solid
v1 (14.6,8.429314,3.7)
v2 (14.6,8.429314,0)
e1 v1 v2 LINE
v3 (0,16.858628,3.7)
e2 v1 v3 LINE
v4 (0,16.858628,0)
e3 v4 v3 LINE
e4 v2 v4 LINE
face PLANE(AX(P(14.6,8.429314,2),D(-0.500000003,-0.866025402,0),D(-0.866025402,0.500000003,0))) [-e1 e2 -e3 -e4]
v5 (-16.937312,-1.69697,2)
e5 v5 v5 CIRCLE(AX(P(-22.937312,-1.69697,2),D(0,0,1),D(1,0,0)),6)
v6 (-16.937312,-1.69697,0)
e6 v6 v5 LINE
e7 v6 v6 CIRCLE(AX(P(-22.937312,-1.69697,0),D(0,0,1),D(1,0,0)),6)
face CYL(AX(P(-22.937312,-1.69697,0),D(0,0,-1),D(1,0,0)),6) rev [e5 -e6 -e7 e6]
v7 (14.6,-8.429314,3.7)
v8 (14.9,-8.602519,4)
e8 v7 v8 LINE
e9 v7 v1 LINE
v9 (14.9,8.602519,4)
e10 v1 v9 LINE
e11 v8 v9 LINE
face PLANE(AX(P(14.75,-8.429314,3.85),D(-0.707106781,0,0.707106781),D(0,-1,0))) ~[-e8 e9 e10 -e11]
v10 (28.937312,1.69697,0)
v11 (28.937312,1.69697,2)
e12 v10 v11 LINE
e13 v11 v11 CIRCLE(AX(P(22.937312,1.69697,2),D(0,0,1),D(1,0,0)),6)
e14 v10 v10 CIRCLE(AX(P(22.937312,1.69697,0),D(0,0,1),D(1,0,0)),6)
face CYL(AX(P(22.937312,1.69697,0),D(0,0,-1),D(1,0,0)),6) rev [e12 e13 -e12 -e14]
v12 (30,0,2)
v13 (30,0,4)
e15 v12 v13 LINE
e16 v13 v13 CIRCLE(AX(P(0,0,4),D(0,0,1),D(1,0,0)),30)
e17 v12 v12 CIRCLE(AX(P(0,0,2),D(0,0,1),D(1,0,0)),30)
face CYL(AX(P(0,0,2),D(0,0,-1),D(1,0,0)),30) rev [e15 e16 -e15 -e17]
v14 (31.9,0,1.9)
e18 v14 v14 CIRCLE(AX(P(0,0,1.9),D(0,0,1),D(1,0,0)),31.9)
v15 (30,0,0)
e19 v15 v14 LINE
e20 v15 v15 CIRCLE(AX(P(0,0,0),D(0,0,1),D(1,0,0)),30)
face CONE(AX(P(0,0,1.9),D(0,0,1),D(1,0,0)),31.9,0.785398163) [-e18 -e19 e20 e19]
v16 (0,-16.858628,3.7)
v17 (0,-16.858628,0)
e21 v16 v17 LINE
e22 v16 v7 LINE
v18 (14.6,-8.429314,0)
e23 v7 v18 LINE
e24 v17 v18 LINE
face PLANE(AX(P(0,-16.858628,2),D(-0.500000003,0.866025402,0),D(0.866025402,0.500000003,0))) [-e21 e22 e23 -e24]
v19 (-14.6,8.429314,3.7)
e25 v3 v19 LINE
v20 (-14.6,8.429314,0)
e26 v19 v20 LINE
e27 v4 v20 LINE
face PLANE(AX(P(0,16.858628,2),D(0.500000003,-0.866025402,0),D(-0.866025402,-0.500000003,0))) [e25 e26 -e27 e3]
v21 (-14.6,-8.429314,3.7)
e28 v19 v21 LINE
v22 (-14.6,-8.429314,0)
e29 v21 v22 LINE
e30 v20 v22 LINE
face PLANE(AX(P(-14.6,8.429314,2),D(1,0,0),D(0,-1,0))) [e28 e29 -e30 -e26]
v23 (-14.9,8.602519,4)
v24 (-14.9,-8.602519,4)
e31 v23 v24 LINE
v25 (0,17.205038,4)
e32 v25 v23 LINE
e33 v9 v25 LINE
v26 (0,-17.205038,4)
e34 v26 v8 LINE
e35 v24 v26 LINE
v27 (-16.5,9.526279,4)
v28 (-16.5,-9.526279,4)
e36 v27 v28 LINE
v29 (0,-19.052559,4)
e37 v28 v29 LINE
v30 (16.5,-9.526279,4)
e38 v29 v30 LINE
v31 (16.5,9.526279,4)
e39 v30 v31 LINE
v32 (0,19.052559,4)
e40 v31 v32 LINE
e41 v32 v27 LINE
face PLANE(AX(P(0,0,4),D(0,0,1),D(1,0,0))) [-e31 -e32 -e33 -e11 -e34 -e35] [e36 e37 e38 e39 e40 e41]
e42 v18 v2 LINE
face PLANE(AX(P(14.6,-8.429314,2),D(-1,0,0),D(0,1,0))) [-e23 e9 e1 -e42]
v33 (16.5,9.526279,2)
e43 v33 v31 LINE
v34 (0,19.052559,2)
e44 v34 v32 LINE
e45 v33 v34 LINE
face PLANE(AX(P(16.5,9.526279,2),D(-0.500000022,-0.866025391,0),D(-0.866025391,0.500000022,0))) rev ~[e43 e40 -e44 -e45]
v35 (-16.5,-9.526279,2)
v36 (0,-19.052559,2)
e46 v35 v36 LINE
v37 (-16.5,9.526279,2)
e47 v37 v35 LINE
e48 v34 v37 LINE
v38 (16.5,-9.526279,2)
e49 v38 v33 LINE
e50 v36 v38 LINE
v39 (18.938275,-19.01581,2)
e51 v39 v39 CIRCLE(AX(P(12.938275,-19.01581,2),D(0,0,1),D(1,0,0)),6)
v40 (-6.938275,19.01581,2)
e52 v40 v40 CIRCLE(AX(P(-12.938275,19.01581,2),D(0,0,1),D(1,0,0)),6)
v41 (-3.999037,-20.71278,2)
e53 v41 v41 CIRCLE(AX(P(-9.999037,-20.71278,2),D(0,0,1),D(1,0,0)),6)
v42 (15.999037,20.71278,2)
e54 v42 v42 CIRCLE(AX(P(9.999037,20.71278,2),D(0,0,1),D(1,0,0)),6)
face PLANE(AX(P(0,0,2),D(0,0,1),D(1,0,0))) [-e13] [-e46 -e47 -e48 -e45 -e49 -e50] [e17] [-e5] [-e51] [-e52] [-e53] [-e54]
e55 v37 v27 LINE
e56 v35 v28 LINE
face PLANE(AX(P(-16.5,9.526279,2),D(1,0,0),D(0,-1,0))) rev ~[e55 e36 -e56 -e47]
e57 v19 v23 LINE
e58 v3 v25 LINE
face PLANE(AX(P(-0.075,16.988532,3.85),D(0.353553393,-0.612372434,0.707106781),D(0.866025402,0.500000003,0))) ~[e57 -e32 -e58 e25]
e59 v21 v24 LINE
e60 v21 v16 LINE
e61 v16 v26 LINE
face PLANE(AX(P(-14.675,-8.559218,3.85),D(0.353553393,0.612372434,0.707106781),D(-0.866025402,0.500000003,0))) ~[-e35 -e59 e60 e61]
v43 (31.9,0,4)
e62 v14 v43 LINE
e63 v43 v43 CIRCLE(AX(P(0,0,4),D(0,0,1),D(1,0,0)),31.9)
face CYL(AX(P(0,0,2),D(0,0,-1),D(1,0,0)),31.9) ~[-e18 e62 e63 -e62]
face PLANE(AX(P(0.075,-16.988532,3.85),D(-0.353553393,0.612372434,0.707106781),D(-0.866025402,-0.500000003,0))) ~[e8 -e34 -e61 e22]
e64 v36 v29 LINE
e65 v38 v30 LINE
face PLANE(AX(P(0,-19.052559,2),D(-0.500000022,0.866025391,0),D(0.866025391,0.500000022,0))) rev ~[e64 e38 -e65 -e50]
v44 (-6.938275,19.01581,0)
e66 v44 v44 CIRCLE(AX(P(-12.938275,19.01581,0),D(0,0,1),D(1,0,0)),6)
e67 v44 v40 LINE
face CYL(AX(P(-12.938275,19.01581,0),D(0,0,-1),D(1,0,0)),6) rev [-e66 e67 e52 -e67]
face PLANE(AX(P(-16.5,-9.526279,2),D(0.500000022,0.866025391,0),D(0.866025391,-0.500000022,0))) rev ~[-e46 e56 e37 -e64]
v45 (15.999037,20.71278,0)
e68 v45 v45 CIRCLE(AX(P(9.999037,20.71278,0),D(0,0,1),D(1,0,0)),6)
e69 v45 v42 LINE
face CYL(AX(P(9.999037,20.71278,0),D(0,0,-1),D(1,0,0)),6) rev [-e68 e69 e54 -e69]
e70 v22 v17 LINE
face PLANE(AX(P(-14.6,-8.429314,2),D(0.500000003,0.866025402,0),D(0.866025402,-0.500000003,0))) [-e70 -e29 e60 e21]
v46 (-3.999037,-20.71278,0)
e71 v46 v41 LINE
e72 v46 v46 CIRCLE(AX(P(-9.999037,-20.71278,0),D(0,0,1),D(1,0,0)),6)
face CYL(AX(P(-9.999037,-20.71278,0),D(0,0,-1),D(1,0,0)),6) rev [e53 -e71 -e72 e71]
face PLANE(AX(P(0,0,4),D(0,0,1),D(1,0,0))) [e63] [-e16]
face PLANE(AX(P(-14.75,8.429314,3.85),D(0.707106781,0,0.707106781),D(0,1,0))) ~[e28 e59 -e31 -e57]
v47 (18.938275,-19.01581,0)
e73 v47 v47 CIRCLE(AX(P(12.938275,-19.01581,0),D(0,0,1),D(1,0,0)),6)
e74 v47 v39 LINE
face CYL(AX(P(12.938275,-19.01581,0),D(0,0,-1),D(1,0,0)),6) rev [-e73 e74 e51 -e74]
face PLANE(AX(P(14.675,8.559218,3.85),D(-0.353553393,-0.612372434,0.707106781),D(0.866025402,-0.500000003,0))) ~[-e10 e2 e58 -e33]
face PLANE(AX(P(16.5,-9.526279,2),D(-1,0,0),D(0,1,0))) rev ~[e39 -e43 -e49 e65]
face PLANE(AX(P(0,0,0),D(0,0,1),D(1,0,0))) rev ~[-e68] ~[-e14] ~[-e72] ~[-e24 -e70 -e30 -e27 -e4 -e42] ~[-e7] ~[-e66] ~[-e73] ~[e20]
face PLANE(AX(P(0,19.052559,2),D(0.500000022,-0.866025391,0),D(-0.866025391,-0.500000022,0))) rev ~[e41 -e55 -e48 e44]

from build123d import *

# Parameters (mm, degrees)
SKETCH_R        = 31.9
SKETCH_R_2      = 6
PAD_DEPTH       = 2
SKETCH001_R     = 31.9
SKETCH001_R_2   = 30
PAD001_DEPTH    = 2
PAD002_DEPTH    = 2
CHAMFER_SIZE    = 1.9
CHAMFER001_SIZE = 0.3


with BuildPart() as part:
    # Sketch → Pad (new body)
    with BuildSketch(Plane.XY):
        Circle(SKETCH_R)
        with Locations((9.999037, 20.71278)):
            Circle(SKETCH_R_2, mode=Mode.SUBTRACT)
        with Locations((22.937312, 1.69697)):
            Circle(SKETCH_R_2, mode=Mode.SUBTRACT)
        with Locations((12.938275, -19.01581)):
            Circle(SKETCH_R_2, mode=Mode.SUBTRACT)
        with Locations((-9.999037, -20.71278)):
            Circle(SKETCH_R_2, mode=Mode.SUBTRACT)
        with Locations((-22.937312, -1.69697)):
            Circle(SKETCH_R_2, mode=Mode.SUBTRACT)
        with Locations((-12.938275, 19.01581)):
            Circle(SKETCH_R_2, mode=Mode.SUBTRACT)
        Polygon((0, 16.858628), (-14.6, 8.429314), (-14.6, -8.429314), (0, -16.858628), (14.6, -8.429314), (14.6, 8.429314), align=None, mode=Mode.SUBTRACT)
    extrude(amount=PAD_DEPTH)

    # Sketch001 (on Face15 of Pad) → Pad001 (join)
    with BuildSketch(Plane.XY.offset(2)):
        Circle(SKETCH001_R)
        Circle(SKETCH001_R_2, mode=Mode.SUBTRACT)
    extrude(amount=PAD001_DEPTH)

    # Sketch002 (on Face17 of Pad001) → Pad002 (join)
    with BuildSketch(Plane.XY.offset(2)):
        Polygon((0, 19.052559), (-16.5, 9.526279), (-16.5, -9.526279), (0, -19.052559), (16.5, -9.526279), (16.5, 9.526279), align=None)
        Polygon((0, 16.858628), (-14.6, 8.429314), (-14.6, -8.429314), (0, -16.858628), (14.6, -8.429314), (14.6, 8.429314), align=None, mode=Mode.SUBTRACT)
    extrude(amount=PAD002_DEPTH)

    # Chamfer
    chamfer_edges = [part.edges().sort_by_distance(p)[0] for p in [
        (-31.9, 0, 0),
    ]]
    chamfer(chamfer_edges, length=CHAMFER_SIZE)

    # Chamfer001
    chamfer001_edges = [part.edges().sort_by_distance(p)[0] for p in [
        (-7.3, -12.643971, 4),
        (-14.6, 0, 4),
        (-7.3, 12.643971, 4),
        (7.3, 12.643971, 4),
        (14.6, 0, 4),
        (7.3, -12.643971, 4),
    ]]
    chamfer(chamfer001_edges, length=CHAMFER001_SIZE)


solid = part.part
